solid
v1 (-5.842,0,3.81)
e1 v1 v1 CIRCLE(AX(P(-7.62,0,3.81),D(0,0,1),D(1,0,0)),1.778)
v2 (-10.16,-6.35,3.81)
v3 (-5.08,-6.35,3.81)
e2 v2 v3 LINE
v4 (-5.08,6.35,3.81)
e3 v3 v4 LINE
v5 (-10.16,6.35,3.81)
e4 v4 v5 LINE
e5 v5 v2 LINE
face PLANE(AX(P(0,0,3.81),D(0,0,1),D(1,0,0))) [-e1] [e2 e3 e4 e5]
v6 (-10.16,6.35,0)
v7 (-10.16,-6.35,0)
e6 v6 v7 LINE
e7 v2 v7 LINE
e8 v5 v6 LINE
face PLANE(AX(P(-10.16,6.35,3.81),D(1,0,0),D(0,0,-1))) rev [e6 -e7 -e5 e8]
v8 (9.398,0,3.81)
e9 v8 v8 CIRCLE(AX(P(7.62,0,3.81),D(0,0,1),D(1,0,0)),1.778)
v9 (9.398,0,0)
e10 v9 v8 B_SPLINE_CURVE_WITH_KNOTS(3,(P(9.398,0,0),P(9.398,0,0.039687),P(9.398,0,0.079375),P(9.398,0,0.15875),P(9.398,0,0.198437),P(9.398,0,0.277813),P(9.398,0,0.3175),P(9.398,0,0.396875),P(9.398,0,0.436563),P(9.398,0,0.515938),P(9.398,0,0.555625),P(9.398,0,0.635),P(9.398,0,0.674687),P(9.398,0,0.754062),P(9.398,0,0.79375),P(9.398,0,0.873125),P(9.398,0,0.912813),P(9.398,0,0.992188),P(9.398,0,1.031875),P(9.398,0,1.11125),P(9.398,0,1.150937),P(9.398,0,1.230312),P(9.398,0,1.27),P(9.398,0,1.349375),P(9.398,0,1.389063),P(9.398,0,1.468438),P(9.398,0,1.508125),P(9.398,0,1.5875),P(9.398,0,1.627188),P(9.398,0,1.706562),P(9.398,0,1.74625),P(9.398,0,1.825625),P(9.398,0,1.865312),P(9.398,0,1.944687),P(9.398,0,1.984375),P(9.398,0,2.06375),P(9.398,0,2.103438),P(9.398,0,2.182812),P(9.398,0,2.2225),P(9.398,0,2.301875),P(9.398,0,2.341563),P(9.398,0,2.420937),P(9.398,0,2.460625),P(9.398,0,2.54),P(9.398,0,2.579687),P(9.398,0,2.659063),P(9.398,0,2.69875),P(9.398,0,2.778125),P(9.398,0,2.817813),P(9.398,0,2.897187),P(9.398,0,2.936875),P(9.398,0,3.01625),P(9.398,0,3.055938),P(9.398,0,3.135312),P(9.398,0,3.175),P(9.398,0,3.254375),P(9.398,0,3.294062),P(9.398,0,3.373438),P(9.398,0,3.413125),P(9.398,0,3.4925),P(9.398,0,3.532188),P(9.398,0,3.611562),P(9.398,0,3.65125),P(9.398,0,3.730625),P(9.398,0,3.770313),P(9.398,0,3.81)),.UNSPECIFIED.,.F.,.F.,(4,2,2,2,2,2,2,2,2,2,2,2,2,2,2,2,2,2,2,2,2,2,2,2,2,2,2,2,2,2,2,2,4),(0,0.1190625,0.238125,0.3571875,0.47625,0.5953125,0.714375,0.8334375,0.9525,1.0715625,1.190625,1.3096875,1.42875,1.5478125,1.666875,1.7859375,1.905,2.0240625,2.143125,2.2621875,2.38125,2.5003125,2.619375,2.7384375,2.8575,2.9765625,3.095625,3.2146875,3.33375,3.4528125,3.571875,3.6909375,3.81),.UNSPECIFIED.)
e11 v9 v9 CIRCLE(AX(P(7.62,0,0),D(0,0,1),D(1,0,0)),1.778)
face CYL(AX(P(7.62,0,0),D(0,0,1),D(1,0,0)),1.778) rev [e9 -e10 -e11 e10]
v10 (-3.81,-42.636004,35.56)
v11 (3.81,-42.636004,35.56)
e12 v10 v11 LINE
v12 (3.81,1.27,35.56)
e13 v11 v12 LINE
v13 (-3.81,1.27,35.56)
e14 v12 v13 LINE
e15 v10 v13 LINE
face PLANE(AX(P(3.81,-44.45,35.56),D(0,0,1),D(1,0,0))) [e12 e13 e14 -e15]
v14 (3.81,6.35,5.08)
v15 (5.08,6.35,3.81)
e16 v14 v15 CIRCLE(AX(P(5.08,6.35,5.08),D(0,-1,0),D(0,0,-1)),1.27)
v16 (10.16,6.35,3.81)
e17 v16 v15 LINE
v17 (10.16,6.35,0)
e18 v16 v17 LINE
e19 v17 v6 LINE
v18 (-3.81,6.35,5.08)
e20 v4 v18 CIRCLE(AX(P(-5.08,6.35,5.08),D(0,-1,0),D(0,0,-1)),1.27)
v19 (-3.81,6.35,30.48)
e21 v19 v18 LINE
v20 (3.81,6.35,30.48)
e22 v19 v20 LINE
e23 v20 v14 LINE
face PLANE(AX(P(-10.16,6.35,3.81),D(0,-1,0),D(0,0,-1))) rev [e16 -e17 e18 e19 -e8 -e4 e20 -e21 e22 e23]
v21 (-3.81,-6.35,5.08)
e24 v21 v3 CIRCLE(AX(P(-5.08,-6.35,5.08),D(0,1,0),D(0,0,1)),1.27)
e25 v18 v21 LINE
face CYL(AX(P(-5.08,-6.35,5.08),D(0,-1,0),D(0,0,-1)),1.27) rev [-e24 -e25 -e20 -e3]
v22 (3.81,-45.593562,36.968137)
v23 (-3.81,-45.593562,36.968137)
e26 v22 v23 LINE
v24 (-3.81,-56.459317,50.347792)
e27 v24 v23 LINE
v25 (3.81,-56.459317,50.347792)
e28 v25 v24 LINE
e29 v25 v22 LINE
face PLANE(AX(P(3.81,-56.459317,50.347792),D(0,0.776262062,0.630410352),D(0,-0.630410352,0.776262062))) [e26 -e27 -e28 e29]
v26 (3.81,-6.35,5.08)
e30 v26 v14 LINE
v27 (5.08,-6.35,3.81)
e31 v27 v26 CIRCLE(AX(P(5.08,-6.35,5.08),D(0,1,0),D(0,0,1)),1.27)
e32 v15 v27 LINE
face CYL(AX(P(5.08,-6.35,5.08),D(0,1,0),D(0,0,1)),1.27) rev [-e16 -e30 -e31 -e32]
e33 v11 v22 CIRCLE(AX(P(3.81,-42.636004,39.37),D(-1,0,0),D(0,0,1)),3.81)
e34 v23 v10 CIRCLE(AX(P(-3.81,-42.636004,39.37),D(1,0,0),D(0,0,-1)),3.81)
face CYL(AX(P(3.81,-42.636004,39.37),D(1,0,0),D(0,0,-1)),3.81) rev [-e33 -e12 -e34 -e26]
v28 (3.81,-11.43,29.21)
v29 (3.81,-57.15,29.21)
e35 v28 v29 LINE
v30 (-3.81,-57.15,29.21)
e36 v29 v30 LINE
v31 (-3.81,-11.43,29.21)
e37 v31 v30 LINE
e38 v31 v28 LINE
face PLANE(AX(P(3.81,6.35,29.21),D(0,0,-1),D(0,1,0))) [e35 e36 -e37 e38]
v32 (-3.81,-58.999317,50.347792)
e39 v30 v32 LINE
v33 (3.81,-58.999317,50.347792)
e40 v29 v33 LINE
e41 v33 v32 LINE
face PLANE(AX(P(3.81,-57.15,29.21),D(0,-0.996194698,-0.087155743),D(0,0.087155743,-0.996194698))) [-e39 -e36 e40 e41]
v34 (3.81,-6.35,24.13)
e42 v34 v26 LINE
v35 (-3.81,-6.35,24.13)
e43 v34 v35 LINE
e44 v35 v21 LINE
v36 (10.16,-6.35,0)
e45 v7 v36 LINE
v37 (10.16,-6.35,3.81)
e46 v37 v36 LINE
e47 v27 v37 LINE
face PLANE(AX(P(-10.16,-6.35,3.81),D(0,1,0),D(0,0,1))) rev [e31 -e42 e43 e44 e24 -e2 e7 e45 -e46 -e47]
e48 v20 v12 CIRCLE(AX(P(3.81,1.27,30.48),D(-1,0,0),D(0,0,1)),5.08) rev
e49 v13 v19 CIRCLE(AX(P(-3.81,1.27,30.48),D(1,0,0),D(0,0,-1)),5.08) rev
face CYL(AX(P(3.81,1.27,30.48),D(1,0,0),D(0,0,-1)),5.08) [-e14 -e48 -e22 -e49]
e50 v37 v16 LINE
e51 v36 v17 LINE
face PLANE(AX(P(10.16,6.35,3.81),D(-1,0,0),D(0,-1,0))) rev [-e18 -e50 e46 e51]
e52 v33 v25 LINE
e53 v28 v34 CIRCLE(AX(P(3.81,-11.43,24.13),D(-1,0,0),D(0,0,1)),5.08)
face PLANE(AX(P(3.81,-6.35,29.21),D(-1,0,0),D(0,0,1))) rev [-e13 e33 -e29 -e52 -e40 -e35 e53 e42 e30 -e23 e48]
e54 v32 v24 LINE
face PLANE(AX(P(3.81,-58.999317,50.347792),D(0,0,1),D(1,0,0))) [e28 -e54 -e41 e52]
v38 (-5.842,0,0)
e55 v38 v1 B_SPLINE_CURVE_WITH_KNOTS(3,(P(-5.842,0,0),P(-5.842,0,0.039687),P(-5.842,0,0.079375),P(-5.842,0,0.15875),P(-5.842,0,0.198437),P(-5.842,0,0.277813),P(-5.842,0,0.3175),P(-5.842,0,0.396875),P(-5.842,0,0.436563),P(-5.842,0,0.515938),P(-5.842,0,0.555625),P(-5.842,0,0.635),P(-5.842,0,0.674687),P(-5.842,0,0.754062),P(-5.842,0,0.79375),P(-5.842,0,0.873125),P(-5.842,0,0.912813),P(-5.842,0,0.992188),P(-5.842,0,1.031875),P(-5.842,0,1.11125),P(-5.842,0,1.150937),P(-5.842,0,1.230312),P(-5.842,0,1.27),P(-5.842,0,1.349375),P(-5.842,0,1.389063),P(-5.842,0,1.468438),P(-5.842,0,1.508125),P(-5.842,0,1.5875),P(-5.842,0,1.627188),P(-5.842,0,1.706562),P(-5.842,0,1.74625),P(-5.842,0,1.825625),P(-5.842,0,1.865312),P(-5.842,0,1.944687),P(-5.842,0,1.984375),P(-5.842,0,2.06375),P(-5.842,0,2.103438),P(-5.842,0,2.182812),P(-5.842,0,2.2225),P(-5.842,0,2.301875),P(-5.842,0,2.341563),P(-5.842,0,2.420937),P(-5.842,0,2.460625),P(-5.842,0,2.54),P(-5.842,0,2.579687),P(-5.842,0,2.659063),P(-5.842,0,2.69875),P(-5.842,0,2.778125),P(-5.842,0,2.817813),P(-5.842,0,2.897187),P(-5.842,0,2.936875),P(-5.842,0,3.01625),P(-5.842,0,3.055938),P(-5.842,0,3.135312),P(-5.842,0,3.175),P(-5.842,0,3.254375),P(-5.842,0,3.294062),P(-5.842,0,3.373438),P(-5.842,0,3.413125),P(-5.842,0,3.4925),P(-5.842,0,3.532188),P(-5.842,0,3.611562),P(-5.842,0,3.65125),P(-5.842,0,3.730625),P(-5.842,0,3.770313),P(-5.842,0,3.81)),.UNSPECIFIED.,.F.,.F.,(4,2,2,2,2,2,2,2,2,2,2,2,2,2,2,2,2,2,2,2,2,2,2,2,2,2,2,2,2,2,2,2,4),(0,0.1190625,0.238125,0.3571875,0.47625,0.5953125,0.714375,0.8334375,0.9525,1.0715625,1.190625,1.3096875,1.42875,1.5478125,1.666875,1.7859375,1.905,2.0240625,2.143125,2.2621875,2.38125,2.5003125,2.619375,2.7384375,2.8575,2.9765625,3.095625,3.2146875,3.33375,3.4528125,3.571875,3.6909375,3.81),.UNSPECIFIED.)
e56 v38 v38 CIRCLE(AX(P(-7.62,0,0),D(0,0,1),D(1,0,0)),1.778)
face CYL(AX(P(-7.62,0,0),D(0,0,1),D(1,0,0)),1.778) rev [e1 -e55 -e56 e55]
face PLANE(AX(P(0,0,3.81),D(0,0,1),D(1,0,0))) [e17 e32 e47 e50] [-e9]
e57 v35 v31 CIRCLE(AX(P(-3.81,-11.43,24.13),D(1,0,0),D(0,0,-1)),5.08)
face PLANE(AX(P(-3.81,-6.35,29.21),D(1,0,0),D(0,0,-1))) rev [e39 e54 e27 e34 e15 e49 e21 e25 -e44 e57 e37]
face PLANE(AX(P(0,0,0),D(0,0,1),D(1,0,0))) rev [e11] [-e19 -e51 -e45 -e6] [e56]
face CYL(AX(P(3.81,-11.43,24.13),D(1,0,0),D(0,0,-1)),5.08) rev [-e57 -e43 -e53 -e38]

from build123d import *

# Parameters (mm, degrees)
SKETCH3_W           = 20.32
SKETCH3_H           = 12.7
BOSS_EXTRUDE1_DEPTH = 3.81
SKETCH4_R           = 1.778
CUT_EXTRUDE1_DEPTH  = 3.81
SKETCH5_W           = 7.62
SKETCH5_H           = 12.7
BOSS_EXTRUDE2_DEPTH = 25.4
FILLET1_R           = 1.27
FILLET2_R           = 1.27
BOSS_EXTRUDE6_DEPTH = 7.62
FILLET5_R           = 5.08
FILLET6_R           = 5.08
FILLET7_R           = 3.81


with BuildPart() as part:
    # Sketch3 → Boss-Extrude1 (new body)
    with BuildSketch(Plane.XY):
        Rectangle(SKETCH3_W, SKETCH3_H)
    extrude(amount=BOSS_EXTRUDE1_DEPTH)

    # Sketch4 → Cut-Extrude1 (cut)
    with BuildSketch(Plane.XY.offset(3.81)):
        with Locations((-7.62, 0)):
            Circle(SKETCH4_R)
        with Locations((7.62, 0)):
            Circle(SKETCH4_R)
    extrude(amount=-CUT_EXTRUDE1_DEPTH, mode=Mode.SUBTRACT)

    # Sketch5 → Boss-Extrude2 (add)
    with BuildSketch(Plane.XY.offset(3.81)):
        Rectangle(SKETCH5_W, SKETCH5_H)
    extrude(amount=BOSS_EXTRUDE2_DEPTH)

    # Fillet1
    fillet1_edges = [part.edges().sort_by_distance(p)[0] for p in [
        (-3.81, 0, 3.81),
    ]]
    fillet(fillet1_edges, radius=FILLET1_R)

    # Fillet2
    fillet2_edges = [part.edges().sort_by_distance(p)[0] for p in [
        (3.81, 0, 3.81),
    ]]
    fillet(fillet2_edges, radius=FILLET2_R)

    # Sketch10 → Boss-Extrude6 (add)
    with BuildSketch(Plane.ZY.offset(3.81)):
        Polygon((29.21, 6.35), (29.21, -57.15), (50.347792279, -58.999317196), (50.347792279, -56.459317196), (35.56, -44.45), (35.56, 6.35), align=None)
    extrude(amount=-BOSS_EXTRUDE6_DEPTH)

    # Fillet5
    fillet5_edges = [part.edges().sort_by_distance(p)[0] for p in [
        (0, -6.35, 29.21),
    ]]
    fillet(fillet5_edges, radius=FILLET5_R)

    # Fillet6
    fillet6_edges = [part.edges().sort_by_distance(p)[0] for p in [
        (0, 6.35, 35.56),
    ]]
    fillet(fillet6_edges, radius=FILLET6_R)

    # Fillet7
    fillet7_edges = [part.edges().sort_by_distance(p)[0] for p in [
        (0, -44.45, 35.56),
    ]]
    fillet(fillet7_edges, radius=FILLET7_R)


solid = part.part
